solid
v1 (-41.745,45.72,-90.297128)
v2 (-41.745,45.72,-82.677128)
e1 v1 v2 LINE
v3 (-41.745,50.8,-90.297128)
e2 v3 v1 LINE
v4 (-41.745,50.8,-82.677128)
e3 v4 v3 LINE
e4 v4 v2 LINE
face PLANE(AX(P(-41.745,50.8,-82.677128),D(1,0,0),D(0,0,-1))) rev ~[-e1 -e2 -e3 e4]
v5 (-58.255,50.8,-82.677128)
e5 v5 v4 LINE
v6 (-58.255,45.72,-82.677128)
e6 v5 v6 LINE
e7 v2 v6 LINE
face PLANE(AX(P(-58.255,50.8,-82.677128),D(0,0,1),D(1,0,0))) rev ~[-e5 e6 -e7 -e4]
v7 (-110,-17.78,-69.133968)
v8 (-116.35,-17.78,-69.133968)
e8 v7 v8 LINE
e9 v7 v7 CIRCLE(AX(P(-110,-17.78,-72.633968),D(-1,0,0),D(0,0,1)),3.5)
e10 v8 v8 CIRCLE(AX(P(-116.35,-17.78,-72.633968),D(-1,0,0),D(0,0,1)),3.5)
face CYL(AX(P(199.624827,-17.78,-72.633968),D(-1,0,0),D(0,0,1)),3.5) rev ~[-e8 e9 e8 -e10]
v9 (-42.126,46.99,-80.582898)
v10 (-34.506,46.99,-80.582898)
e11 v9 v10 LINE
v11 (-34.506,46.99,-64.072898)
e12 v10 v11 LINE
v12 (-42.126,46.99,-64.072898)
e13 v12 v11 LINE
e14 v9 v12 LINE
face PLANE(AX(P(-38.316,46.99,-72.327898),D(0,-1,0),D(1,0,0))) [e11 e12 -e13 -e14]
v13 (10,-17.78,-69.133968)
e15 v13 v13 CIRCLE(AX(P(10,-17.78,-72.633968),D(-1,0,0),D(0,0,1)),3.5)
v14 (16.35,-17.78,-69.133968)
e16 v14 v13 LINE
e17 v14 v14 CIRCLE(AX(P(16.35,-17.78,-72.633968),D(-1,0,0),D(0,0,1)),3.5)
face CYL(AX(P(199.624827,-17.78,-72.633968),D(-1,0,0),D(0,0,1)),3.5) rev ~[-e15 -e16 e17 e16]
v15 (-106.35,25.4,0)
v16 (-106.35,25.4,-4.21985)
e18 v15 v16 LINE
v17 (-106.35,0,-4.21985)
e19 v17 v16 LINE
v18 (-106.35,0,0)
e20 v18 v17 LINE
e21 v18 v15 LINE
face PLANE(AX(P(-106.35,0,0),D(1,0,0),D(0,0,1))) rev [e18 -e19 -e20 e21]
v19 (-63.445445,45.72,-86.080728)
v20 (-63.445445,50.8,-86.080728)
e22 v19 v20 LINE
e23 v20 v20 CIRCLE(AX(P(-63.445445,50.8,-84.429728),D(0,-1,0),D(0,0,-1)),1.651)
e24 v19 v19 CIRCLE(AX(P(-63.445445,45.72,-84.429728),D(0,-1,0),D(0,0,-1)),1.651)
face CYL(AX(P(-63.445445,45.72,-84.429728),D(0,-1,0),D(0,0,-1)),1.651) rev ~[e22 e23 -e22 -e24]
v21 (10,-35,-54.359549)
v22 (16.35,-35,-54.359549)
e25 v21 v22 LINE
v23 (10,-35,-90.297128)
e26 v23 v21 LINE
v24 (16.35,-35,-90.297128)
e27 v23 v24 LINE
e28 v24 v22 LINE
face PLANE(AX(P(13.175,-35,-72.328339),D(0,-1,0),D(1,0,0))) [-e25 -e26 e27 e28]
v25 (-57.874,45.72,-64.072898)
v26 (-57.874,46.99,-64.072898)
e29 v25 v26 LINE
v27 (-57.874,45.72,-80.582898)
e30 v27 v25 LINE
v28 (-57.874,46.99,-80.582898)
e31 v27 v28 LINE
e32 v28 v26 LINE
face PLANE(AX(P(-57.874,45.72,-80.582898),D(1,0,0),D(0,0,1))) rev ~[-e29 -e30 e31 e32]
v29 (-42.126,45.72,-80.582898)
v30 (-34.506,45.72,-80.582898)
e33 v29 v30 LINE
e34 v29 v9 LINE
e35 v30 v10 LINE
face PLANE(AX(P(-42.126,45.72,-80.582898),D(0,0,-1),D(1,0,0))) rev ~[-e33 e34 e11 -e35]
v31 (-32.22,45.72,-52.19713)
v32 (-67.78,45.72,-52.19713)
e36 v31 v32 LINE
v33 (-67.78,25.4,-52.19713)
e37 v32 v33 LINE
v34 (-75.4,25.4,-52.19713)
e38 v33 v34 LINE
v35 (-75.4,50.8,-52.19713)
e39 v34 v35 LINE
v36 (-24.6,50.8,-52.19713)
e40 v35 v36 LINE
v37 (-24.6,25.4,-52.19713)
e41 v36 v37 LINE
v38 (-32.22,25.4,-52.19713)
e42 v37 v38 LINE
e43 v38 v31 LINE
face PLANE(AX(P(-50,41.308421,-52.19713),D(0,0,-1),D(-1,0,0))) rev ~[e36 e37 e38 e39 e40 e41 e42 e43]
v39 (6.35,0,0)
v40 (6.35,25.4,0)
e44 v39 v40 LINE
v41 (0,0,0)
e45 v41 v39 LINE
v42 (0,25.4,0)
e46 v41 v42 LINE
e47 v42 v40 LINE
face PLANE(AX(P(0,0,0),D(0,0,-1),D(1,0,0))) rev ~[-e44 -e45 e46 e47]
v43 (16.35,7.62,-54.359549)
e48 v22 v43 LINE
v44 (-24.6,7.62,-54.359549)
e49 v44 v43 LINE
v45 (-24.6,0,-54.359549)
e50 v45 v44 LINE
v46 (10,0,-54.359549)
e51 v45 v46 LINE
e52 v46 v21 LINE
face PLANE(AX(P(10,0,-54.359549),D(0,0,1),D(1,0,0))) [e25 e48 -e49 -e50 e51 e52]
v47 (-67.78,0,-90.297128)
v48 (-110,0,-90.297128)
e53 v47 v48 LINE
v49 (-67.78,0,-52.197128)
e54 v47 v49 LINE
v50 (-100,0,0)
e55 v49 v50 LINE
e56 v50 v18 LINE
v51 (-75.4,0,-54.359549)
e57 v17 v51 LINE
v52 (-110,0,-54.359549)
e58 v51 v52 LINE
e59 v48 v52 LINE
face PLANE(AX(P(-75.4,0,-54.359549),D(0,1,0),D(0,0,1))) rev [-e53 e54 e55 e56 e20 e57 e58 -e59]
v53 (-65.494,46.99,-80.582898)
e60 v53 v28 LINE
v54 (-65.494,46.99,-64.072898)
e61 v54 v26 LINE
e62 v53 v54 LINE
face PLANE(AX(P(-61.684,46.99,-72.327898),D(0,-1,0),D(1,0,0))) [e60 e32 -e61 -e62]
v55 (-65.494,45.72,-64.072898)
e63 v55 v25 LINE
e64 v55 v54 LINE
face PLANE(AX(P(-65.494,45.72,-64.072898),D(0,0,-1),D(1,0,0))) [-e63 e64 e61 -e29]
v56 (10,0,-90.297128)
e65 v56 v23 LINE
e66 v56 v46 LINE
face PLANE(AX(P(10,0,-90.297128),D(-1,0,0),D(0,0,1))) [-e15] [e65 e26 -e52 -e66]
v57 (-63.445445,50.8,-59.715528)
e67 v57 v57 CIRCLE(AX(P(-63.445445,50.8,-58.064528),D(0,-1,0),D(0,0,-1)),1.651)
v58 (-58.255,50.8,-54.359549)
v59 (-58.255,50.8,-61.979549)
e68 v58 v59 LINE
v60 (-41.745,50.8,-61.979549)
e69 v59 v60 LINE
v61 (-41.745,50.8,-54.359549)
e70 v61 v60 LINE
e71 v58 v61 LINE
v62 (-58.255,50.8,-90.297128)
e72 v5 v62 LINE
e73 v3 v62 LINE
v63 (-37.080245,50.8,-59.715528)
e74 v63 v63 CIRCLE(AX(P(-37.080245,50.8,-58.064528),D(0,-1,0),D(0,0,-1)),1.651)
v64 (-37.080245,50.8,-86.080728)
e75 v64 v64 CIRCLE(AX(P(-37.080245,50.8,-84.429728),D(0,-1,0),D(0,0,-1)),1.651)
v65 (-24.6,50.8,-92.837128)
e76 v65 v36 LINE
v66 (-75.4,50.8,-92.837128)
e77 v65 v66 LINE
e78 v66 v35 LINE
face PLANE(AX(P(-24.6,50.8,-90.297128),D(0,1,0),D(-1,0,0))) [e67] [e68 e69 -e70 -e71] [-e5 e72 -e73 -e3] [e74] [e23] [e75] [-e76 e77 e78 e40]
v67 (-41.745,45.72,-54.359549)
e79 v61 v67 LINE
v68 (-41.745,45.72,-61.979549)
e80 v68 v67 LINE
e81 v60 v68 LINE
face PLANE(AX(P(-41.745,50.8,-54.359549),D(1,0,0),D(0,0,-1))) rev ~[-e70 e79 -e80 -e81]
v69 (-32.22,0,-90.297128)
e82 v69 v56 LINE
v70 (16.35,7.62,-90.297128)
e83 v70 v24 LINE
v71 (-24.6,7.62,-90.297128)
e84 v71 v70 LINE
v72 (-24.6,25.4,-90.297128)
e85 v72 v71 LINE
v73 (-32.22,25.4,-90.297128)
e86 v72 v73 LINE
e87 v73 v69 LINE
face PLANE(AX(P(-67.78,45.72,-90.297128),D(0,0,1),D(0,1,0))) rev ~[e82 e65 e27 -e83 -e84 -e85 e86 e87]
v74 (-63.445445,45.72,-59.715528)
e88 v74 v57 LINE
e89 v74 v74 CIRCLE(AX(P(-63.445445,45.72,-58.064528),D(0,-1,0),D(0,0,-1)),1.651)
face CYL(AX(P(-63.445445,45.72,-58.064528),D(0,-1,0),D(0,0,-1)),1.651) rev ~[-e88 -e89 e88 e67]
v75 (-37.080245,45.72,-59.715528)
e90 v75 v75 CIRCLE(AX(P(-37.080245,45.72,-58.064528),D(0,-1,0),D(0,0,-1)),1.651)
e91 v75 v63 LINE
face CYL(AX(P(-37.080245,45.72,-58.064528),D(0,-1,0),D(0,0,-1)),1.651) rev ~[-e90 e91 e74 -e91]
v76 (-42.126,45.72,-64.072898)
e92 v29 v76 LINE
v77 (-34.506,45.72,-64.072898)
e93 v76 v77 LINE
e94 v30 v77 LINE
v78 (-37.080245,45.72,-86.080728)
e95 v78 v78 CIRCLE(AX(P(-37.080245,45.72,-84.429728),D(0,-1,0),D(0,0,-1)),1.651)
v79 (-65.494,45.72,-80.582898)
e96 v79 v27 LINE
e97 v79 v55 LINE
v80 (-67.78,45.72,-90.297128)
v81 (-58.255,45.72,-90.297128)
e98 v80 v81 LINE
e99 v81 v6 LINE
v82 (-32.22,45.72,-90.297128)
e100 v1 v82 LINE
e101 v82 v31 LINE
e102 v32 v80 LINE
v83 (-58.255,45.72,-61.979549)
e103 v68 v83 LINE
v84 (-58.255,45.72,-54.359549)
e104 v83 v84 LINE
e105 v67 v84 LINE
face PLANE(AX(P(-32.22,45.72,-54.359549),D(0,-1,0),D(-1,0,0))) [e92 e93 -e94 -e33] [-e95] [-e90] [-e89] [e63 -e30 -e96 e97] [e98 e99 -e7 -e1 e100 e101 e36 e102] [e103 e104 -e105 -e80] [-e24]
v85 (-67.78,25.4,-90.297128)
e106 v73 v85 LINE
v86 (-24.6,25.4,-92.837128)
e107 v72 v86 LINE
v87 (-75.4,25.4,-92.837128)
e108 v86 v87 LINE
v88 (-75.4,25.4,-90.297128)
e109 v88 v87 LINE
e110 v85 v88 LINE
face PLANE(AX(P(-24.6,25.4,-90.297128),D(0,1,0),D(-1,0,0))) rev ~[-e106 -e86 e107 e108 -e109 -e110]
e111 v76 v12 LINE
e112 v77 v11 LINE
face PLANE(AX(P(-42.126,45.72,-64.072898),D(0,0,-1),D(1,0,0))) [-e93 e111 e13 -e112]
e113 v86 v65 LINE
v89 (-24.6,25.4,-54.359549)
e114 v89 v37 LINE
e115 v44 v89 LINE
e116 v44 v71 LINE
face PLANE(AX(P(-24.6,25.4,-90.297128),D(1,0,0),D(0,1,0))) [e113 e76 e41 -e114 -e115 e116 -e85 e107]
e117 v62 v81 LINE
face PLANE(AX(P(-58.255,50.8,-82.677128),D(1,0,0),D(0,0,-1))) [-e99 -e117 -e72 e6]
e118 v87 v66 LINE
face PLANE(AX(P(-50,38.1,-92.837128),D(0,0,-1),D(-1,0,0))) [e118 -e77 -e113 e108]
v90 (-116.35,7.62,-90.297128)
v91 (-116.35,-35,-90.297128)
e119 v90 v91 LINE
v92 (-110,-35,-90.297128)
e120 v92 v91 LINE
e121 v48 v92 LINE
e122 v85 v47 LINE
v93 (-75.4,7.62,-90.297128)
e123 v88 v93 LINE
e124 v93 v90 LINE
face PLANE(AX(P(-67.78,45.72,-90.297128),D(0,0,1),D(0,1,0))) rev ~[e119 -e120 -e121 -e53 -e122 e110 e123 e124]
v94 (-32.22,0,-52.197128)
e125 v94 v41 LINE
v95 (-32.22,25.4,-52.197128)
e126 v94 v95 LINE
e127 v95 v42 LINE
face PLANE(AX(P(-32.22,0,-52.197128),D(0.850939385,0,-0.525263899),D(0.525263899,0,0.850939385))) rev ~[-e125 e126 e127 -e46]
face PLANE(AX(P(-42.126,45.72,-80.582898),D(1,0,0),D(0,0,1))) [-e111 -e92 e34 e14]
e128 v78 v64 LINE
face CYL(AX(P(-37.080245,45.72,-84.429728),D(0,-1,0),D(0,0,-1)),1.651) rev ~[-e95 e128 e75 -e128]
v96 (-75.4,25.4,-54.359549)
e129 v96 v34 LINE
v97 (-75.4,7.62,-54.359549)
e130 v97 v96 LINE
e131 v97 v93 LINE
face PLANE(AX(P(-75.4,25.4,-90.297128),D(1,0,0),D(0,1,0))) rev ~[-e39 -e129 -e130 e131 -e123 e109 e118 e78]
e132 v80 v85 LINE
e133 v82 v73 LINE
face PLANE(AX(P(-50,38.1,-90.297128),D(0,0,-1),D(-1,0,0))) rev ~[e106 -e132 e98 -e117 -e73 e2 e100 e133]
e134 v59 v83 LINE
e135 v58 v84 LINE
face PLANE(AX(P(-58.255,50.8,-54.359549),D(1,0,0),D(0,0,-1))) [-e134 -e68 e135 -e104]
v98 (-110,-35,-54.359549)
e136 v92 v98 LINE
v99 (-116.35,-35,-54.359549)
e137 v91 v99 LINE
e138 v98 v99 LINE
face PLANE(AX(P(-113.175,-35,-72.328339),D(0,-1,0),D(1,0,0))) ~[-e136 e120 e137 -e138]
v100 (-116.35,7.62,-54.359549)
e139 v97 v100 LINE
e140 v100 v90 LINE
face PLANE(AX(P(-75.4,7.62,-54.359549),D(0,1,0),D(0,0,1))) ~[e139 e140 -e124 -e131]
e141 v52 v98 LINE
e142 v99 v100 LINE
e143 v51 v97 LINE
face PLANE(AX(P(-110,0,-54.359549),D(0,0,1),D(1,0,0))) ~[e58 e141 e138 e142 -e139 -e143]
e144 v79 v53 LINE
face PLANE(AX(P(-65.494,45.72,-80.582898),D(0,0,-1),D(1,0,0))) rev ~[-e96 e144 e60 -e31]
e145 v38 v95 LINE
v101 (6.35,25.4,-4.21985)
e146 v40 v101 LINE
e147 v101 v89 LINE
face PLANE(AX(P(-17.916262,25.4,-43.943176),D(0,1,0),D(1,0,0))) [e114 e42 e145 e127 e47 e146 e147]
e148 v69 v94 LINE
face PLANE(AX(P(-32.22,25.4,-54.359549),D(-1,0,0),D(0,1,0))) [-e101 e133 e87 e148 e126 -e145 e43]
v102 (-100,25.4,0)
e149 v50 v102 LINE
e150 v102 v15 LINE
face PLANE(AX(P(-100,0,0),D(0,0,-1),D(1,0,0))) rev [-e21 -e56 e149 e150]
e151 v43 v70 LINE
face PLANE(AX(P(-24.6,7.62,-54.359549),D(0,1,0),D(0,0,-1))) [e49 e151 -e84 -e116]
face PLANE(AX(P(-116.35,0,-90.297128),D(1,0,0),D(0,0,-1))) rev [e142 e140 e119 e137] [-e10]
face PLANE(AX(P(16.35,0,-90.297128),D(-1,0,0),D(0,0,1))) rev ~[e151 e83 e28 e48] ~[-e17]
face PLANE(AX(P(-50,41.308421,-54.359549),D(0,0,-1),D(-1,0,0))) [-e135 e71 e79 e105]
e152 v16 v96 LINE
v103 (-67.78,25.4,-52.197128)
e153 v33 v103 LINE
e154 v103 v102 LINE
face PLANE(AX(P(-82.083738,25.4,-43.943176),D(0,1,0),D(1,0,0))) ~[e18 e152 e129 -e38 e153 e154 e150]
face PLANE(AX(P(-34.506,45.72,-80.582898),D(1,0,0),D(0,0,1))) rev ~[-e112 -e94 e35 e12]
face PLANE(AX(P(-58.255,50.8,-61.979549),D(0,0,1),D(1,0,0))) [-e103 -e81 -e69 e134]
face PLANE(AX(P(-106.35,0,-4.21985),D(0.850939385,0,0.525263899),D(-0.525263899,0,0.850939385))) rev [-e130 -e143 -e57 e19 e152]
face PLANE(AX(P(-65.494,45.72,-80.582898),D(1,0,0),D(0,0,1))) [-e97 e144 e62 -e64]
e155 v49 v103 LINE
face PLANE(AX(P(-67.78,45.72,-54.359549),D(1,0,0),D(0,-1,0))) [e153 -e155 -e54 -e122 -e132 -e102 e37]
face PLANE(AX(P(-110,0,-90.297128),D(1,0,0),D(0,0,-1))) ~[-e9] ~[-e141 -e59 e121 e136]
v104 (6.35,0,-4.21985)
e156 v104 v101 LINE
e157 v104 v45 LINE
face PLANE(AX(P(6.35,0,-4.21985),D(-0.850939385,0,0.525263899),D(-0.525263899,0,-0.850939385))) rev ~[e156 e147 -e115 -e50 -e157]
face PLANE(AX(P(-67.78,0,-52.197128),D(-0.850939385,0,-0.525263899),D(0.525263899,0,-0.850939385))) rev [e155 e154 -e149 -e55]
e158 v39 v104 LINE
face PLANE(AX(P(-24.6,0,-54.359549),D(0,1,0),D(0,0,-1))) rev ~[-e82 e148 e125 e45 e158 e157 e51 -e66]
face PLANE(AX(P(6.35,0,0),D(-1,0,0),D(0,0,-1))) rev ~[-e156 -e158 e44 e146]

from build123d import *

# Parameters (mm, degrees)
BOSS_EXTRUDE1_DEPTH  = 25.4
SKETCH7_W            = 35.937578614
SKETCH7_H            = 7.62
BOSS_EXTRUDE3_DEPTH  = 40.95
SKETCH8_W            = 6.35
SKETCH8_H            = 35.937578614
BOSS_EXTRUDE4_DEPTH  = 35
SKETCH9_W            = 7.62
SKETCH9_H            = 35.937578614
BOSS_EXTRUDE5_DEPTH  = 25.4
BOSS_EXTRUDE6_REACH  = 135.462
SKETCH10_W           = 35.937578614
SKETCH10_H           = 5.08
CUT_EXTRUDE1_REACH   = 172.448
SKETCH11_W           = 16.51
SKETCH11_H           = 7.62
BOSS_EXTRUDE7_DEPTH  = 2.162419
SKETCH14_W           = 50.8
SKETCH14_H           = 25.4
BOSS_EXTRUDE9_DEPTH  = 2.54
M6_CLEARANCE_HOLE2_D = 7
CUT_EXTRUDE2_REACH   = 171.327
SKETCH18_R           = 1.651
SKETCH19_W           = 7.62
SKETCH19_H           = 16.51
CUT_EXTRUDE4_DEPTH   = 1.27


with BuildPart() as part:
    # Sketch1 → Boss-Extrude1 (new body)
    with BuildSketch(Plane(origin=(0, 0, 0), x_dir=(1, 0, 0), z_dir=(0, 1, 0))):
        Polygon((6.35, 4.219850082), (-24.6, 54.359549401), (-24.6, 90.297128015), (-32.22, 90.297128015), (-32.22, 52.197128015), (0, 0), (6.35, 0), align=None)
    extrude(amount=BOSS_EXTRUDE1_DEPTH)

    # Sketch7 → Boss-Extrude3 (add)
    with BuildSketch(Plane(origin=(-24.6, 0, 0), x_dir=(0, 0, -1), z_dir=(1, 0, 0))):
        with Locations((72.328338708, 3.81)):
            Rectangle(SKETCH7_W, SKETCH7_H)
    extrude(amount=BOSS_EXTRUDE3_DEPTH)

    # Sketch8 → Boss-Extrude4 (add)
    with BuildSketch(Plane.XZ):
        with Locations((13.175, -72.328338708)):
            Rectangle(SKETCH8_W, SKETCH8_H)
    extrude(amount=BOSS_EXTRUDE4_DEPTH)


with BuildPart() as body_2:
    # Mirror6: mirrored copy
    add(part.part.mirror(Plane.ZY.offset(50)))


with BuildPart() as part_1:
    add(part.part)

    add(body_2.part)  # Boss-Extrude5 merges body 2
    # Sketch9 → Boss-Extrude5 (add)
    with BuildSketch(Plane(origin=(0, 25.4, 0), x_dir=(1, 0, 0), z_dir=(0, 1, 0))):
        with Locations((-71.59, 72.328338708)):
            Rectangle(SKETCH9_W, SKETCH9_H)
        with Locations((-28.41, 72.328338708)):
            Rectangle(SKETCH9_W, SKETCH9_H)
    extrude(amount=BOSS_EXTRUDE5_DEPTH)

    # Sketch10 → Boss-Extrude6 (add, up to next)
    with BuildSketch(Plane(origin=(-67.78, 0, 0), x_dir=(0, 0, -1), z_dir=(1, 0, 0)), mode=Mode.PRIVATE) as boss_extrude6_sk1:
        with Locations((72.328338708, 48.26)):
            Rectangle(SKETCH10_W, SKETCH10_H)
    boss_extrude6_tool1 = extrude(boss_extrude6_sk1.sketch, amount=BOSS_EXTRUDE6_REACH, mode=Mode.PRIVATE) - part_1.part
    add(boss_extrude6_tool1.solids().sort_by_distance((-67.78, 48.26, -72.328339))[0])

    # Sketch11 → Cut-Extrude1 (cut, up to next)
    with BuildSketch(Plane(origin=(0, 50.8, 0), x_dir=(1, 0, 0), z_dir=(0, 1, 0)), mode=Mode.PRIVATE) as cut_extrude1_sk1:
        with Locations((-50, 58.169549401)):
            Rectangle(SKETCH11_W, SKETCH11_H)
    cut_extrude1_tool1 = extrude(cut_extrude1_sk1.sketch, amount=-CUT_EXTRUDE1_REACH, mode=Mode.PRIVATE) & part_1.part
    # Sketch11 → Cut-Extrude1 (cut, up to next)
    with BuildSketch(Plane(origin=(0, 50.8, 0), x_dir=(1, 0, 0), z_dir=(0, 1, 0)), mode=Mode.PRIVATE) as cut_extrude1_sk2:
        with Locations((-50, 86.487128015)):
            Rectangle(SKETCH11_W, SKETCH11_H)
    cut_extrude1_tool2 = extrude(cut_extrude1_sk2.sketch, amount=-CUT_EXTRUDE1_REACH, mode=Mode.PRIVATE) & part_1.part
    add(cut_extrude1_tool1.solids().sort_by_distance((-50, 50.8, -58.169549))[0], mode=Mode.SUBTRACT)
    add(cut_extrude1_tool2.solids().sort_by_distance((-50, 50.8, -86.487128))[0], mode=Mode.SUBTRACT)

    # Sketch12 → Boss-Extrude7 (add)
    with BuildSketch(Plane.XY.offset(-54.359549401)):
        Polygon((-75.4, 50.8), (-24.6, 50.8), (-24.6, 25.4), (-32.22, 25.4), (-32.22, 45.72), (-67.78, 45.72), (-67.78, 25.4), (-75.4, 25.4), align=None)
    extrude(amount=BOSS_EXTRUDE7_DEPTH)

    # Sketch14 → Boss-Extrude9 (add)
    with BuildSketch(Plane(origin=(0, 0, -90.297128015), x_dir=(-1, 0, 0), z_dir=(0, 0, -1))):
        with Locations((50, 38.1)):
            Rectangle(SKETCH14_W, SKETCH14_H)
    extrude(amount=BOSS_EXTRUDE9_DEPTH)

    # M6 Clearance Hole2 (through all)
    with Locations(Plane(origin=(16.35, 0, 0), x_dir=(0, 0, -1), z_dir=(1, 0, 0))):
        with Locations((72.633968015, -17.78)):
            Hole(M6_CLEARANCE_HOLE2_D / 2)

    # Sketch18 → Cut-Extrude2 (cut, up to next)
    with BuildSketch(Plane(origin=(0, 45.72, 0), x_dir=(-1, 0, 0), z_dir=(0, -1, 0)), mode=Mode.PRIVATE) as cut_extrude2_sk1:
        with Locations(Location((37.080244901, 58.064528015, 0), (0, 0, 90))):
            Circle(SKETCH18_R)
    cut_extrude2_tool1 = extrude(cut_extrude2_sk1.sketch, amount=-CUT_EXTRUDE2_REACH, mode=Mode.PRIVATE) & part_1.part
    # Sketch18 → Cut-Extrude2 (cut, up to next)
    with BuildSketch(Plane(origin=(0, 45.72, 0), x_dir=(-1, 0, 0), z_dir=(0, -1, 0)), mode=Mode.PRIVATE) as cut_extrude2_sk2:
        with Locations(Location((63.445444901, 58.064528015, 0), (0, 0, 90))):
            Circle(SKETCH18_R)
    cut_extrude2_tool2 = extrude(cut_extrude2_sk2.sketch, amount=-CUT_EXTRUDE2_REACH, mode=Mode.PRIVATE) & part_1.part
    # Sketch18 → Cut-Extrude2 (cut, up to next)
    with BuildSketch(Plane(origin=(0, 45.72, 0), x_dir=(-1, 0, 0), z_dir=(0, -1, 0)), mode=Mode.PRIVATE) as cut_extrude2_sk3:
        with Locations(Location((63.445444901, 84.429728015, 0), (0, 0, 90))):
            Circle(SKETCH18_R)
    cut_extrude2_tool3 = extrude(cut_extrude2_sk3.sketch, amount=-CUT_EXTRUDE2_REACH, mode=Mode.PRIVATE) & part_1.part
    # Sketch18 → Cut-Extrude2 (cut, up to next)
    with BuildSketch(Plane(origin=(0, 45.72, 0), x_dir=(-1, 0, 0), z_dir=(0, -1, 0)), mode=Mode.PRIVATE) as cut_extrude2_sk4:
        with Locations(Location((37.080244901, 84.429728015, 0), (0, 0, 90))):
            Circle(SKETCH18_R)
    cut_extrude2_tool4 = extrude(cut_extrude2_sk4.sketch, amount=-CUT_EXTRUDE2_REACH, mode=Mode.PRIVATE) & part_1.part
    add(cut_extrude2_tool1.solids().sort_by_distance((-37.080245, 45.72, -58.064528))[0], mode=Mode.SUBTRACT)
    add(cut_extrude2_tool2.solids().sort_by_distance((-63.445445, 45.72, -58.064528))[0], mode=Mode.SUBTRACT)
    add(cut_extrude2_tool3.solids().sort_by_distance((-63.445445, 45.72, -84.429728))[0], mode=Mode.SUBTRACT)
    add(cut_extrude2_tool4.solids().sort_by_distance((-37.080245, 45.72, -84.429728))[0], mode=Mode.SUBTRACT)

    # Sketch19 → Cut-Extrude4 (cut)
    with BuildSketch(Plane.XZ.offset(-45.72)):
        with Locations((-38.316, -72.327898015)):
            Rectangle(SKETCH19_W, SKETCH19_H)
        with Locations((-61.684, -72.327898015)):
            Rectangle(SKETCH19_W, SKETCH19_H)
    extrude(amount=-CUT_EXTRUDE4_DEPTH, mode=Mode.SUBTRACT)


solid = part_1.part
